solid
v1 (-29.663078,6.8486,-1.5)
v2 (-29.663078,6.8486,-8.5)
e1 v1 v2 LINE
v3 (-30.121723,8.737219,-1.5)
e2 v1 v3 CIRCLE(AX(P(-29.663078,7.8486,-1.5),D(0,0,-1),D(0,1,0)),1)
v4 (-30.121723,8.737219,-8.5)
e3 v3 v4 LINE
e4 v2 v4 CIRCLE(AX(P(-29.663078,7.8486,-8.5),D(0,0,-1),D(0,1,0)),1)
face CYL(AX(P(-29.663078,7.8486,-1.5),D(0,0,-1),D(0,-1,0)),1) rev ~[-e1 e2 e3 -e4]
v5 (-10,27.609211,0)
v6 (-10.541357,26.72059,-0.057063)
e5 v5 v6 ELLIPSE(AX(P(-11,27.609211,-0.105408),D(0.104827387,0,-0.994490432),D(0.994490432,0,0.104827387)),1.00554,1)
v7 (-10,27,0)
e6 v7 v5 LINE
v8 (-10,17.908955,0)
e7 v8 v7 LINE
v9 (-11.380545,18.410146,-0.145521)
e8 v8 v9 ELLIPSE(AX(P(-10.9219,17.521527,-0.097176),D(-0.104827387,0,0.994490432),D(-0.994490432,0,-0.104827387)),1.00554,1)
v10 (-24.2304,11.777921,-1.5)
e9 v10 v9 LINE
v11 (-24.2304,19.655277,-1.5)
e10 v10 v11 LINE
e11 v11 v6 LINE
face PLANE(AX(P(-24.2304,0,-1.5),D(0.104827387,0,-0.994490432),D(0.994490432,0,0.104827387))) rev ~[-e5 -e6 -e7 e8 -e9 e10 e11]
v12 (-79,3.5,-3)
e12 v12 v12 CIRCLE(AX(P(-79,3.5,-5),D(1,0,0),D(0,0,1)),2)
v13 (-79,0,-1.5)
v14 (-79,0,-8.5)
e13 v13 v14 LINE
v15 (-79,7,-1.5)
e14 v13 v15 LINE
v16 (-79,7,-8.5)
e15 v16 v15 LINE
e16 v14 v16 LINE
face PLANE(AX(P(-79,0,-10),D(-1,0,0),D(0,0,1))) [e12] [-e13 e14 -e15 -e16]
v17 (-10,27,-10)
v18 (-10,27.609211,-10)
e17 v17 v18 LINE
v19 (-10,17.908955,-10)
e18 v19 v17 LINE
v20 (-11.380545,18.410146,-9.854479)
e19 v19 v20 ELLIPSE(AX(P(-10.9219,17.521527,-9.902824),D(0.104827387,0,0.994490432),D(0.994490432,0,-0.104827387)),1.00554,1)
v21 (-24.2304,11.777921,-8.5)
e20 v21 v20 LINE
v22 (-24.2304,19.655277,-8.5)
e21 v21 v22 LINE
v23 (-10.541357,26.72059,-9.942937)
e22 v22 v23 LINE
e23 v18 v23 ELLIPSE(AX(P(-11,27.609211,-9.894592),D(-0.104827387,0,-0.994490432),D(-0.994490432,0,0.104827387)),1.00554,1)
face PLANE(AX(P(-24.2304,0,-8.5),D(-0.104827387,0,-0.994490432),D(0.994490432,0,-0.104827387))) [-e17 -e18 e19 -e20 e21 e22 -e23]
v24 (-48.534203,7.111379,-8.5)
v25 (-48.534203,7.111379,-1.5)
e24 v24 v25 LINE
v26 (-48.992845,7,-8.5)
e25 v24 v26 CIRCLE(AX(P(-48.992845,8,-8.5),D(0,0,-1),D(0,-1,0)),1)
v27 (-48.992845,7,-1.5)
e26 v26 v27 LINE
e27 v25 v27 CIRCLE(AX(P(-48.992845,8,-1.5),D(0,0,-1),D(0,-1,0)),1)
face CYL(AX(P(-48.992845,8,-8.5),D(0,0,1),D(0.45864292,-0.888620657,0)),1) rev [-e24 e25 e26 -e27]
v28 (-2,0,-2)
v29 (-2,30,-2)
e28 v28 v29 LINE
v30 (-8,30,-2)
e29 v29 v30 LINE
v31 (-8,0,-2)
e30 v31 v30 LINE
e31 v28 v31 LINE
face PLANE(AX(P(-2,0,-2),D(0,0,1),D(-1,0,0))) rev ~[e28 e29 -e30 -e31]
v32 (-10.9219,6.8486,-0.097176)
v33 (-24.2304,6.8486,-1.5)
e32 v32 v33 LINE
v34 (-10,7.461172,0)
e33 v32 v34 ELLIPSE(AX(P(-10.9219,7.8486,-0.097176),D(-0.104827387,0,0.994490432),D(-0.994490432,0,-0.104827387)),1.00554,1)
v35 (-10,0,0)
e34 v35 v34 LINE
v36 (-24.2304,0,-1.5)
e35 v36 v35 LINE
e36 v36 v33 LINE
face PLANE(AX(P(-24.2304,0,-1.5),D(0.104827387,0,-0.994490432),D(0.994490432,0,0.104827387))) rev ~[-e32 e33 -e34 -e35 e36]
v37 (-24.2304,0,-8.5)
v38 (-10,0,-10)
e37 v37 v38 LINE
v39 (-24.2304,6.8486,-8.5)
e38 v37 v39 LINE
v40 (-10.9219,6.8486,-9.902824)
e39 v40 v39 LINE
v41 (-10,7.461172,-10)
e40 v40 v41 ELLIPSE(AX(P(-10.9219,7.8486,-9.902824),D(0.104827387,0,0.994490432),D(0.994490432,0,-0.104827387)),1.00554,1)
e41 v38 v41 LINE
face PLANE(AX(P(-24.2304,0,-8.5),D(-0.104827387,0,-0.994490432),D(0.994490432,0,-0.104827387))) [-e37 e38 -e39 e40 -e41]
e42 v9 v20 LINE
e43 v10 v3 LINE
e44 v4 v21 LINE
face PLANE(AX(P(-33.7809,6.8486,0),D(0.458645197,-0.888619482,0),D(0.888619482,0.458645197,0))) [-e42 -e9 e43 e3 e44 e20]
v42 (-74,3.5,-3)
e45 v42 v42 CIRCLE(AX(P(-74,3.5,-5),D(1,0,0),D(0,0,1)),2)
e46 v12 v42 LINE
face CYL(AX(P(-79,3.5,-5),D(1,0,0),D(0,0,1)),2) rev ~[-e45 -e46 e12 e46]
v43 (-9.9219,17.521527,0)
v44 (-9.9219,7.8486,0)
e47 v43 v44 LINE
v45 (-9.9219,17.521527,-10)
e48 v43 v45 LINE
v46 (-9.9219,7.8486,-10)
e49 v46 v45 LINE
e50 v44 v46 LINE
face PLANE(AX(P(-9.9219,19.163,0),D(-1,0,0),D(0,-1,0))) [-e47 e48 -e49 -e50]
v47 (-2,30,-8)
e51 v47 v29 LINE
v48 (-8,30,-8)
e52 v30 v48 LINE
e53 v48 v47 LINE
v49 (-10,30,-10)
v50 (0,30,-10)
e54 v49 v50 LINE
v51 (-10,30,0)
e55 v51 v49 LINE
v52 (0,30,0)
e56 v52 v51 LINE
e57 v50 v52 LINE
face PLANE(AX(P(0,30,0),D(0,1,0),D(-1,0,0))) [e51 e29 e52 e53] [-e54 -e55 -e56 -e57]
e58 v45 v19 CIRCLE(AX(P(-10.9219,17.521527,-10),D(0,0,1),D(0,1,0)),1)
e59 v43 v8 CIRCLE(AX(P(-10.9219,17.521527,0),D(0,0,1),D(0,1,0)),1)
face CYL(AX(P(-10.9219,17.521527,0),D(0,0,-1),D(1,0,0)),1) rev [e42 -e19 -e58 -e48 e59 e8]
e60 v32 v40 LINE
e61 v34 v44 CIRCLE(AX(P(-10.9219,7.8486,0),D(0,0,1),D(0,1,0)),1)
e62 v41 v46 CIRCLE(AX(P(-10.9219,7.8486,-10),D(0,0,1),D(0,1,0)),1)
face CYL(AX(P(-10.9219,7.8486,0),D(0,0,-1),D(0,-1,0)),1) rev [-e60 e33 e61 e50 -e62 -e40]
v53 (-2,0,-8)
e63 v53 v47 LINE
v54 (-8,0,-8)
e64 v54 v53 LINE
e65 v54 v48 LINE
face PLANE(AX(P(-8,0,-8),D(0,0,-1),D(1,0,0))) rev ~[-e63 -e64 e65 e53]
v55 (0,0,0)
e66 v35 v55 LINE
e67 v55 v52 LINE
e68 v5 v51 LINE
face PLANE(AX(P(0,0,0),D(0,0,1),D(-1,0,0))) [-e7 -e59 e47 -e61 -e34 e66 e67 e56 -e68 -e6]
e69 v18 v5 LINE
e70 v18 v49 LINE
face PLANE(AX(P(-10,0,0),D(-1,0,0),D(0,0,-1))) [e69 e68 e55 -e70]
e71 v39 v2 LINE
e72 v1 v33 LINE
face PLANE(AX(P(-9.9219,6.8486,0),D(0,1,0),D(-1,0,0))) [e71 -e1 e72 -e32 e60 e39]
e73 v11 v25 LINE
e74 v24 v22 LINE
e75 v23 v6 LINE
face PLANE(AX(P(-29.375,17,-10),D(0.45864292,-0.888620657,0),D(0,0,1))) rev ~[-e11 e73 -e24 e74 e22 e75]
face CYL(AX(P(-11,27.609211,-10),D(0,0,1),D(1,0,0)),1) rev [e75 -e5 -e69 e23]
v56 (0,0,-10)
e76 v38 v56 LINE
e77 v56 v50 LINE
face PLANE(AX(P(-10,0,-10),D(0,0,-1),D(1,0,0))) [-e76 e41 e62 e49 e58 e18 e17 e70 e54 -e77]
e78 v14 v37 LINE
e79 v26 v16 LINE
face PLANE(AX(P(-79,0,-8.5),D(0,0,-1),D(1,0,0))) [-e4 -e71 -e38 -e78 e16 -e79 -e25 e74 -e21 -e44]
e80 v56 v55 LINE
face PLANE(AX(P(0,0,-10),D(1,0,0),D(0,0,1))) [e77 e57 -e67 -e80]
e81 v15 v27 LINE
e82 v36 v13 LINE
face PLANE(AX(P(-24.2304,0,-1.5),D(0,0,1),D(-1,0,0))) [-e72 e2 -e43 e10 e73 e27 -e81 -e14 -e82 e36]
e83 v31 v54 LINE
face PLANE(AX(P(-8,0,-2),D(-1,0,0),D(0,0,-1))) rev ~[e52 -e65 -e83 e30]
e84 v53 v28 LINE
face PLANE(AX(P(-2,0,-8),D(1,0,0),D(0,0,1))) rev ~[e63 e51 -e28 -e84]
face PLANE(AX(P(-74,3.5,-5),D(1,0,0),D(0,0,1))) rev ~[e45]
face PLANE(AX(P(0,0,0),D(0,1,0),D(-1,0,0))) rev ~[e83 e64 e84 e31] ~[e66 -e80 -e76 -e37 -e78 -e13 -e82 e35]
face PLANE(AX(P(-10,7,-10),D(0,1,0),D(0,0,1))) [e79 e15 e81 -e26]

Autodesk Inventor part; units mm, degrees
ref_plane "YZ Plane" through (0, 0, 0) normal (1, 0, 0) x (0, 1, 0)
ref_plane "XZ Plane" through (0, 0, 0) normal (0, 1, 0) x (-1, 0, 0)
ref_plane "XY Plane" through (0, 0, 0) normal (0, 0, 1) x (1, 0, 0)
sketch "Sketch1" plane through (0, 0, 0) normal (0, 1, 0) x (-1, 0, 0)
  line L0 (0, 0) -> (10, 0)
  line L1 (10, 0) -> (10, -10)
  line L2 (10, -10) -> (0, -10)
  line L3 (0, -10) -> (0, 0)
  line L4 (10, 0) -> (0, -10) construction
  line L5 (10, -10) -> (0, 0) construction
  line L6 (2, -2) -> (8, -2)
  line L7 (8, -2) -> (8, -8)
  line L8 (8, -8) -> (2, -8)
  line L9 (2, -8) -> (2, -2)
  line L10 (2, -2) -> (8, -8) construction
  line L11 (8, -2) -> (2, -8) construction
  point P0 (5, -5)
  dimension "d0" = 10
  dimension "d4" = 6
  dimension "d5" = 6
extrude "Extrusion1" add sketch "Sketch1" along normal blind 30
sketch "Sketch2" plane through (-10, 0, -10) normal (-1, 0, 0) x (0, 0, 1)
  line L0 (0, 30) -> (10, 30) construction
  line L1 (10, 0) -> (0, 0) projected
  line L2 (10, 0) -> (0, 0) construction
  line L3 (0, 0) -> (0, 7)
  line L4 (0, 7) -> (10, 7)
  line L5 (10, 7) -> (10, 0)
  line L6 (0, 0) -> (0, 30) construction
  line L7 (10, 0) -> (10, 30) construction
  dimension "d8" = 7
  dimension "d9" = 10
extrude "Extrusion2" add sketch "Sketch2" along normal blind 69
chamfer "Chamfer1" distance 20 distance2 38.75 1 edges at (-10, 7, -5) measured on face at (-10, 14.6667, -6.6667)
sketch "Sketch3" plane through (0, 0, 0) normal (0, 0, 1) x (1, 0, 0)
  line L0 (-48.75, 7) -> (-79, 7) construction
  line L1 (-10, 27) -> (-10, 30) construction
  line L2 (-9.9219, 6.8486) -> (-33.7809, 6.8486)
  line L3 (-33.7809, 6.8486) -> (-9.9219, 19.163)
  line L4 (-9.9219, 19.163) -> (-9.9219, 6.8486)
  line L5 (-48.75, 7) -> (-10, 27) projected
  point P0 (0, 0)
  dimension "d21" = 7
extrude "Extrusion3" cut sketch "Sketch3" against normal through all
sketch "Sketch6" plane through (0, 0, 0) normal (0, -1, 0) x (1, 0, 0)
  line L0 (-79, -10) -> (-79, 0) construction
  line L1 (-79, -5) -> (0, -5) construction
  line L2 (0, 0) -> (0, -10) construction
  line L3 (-24.2304, -1.5) -> (-79, -1.5)
  line L4 (-79, -1.5) -> (-79, -8.5)
  line L5 (-79, -8.5) -> (-24.2304, -8.5)
  line L6 (-24.2304, -8.5) -> (-24.2304, -1.5) construction
  line L7 (-24.2304, -1.5) -> (-79, -8.5) construction
  line L8 (-79, -1.5) -> (-24.2304, -8.5) construction
  line L9 (-24.2304, -8.5) -> (0, -8.5) construction
  line L10 (-24.2304, -1.5) -> (0, -1.5) construction
  line L11 (-24.2304, -8.5) -> (-10, -10)
  line L12 (0, -10) -> (-10, -10) construction
  line L13 (-24.2304, -1.5) -> (-10, 0)
  line L14 (-10, 0) -> (0, 0) construction
  line L15 (-10, -10) -> (-10, -18.6026)
  line L16 (-10, -18.6026) -> (-95.3433, -18.6026)
  line L17 (-95.3433, -18.6026) -> (-95.3433, 10.4)
  line L18 (-95.3433, 10.4) -> (-10, 10.4)
  line L19 (-10, 10.4) -> (-10, 0)
  point P0 (-51.6152, -5)
  dimension "d22" = 7
extrude "Extrusion5" cut sketch "Sketch6" against normal through all
hole "Hole1" at (-79, 3.5, -5) direction (1, 0, 0) diameter 4 depth 5
fillet "Fillet1" radius 1 5 edges at (-33.7809, 6.8486, -5) (-9.9219, 6.8486, -5) (-9.9219, 19.163, -5) (-48.75, 7, -5) (-10, 27, -5)
properties part number "foot_1_2_small"
